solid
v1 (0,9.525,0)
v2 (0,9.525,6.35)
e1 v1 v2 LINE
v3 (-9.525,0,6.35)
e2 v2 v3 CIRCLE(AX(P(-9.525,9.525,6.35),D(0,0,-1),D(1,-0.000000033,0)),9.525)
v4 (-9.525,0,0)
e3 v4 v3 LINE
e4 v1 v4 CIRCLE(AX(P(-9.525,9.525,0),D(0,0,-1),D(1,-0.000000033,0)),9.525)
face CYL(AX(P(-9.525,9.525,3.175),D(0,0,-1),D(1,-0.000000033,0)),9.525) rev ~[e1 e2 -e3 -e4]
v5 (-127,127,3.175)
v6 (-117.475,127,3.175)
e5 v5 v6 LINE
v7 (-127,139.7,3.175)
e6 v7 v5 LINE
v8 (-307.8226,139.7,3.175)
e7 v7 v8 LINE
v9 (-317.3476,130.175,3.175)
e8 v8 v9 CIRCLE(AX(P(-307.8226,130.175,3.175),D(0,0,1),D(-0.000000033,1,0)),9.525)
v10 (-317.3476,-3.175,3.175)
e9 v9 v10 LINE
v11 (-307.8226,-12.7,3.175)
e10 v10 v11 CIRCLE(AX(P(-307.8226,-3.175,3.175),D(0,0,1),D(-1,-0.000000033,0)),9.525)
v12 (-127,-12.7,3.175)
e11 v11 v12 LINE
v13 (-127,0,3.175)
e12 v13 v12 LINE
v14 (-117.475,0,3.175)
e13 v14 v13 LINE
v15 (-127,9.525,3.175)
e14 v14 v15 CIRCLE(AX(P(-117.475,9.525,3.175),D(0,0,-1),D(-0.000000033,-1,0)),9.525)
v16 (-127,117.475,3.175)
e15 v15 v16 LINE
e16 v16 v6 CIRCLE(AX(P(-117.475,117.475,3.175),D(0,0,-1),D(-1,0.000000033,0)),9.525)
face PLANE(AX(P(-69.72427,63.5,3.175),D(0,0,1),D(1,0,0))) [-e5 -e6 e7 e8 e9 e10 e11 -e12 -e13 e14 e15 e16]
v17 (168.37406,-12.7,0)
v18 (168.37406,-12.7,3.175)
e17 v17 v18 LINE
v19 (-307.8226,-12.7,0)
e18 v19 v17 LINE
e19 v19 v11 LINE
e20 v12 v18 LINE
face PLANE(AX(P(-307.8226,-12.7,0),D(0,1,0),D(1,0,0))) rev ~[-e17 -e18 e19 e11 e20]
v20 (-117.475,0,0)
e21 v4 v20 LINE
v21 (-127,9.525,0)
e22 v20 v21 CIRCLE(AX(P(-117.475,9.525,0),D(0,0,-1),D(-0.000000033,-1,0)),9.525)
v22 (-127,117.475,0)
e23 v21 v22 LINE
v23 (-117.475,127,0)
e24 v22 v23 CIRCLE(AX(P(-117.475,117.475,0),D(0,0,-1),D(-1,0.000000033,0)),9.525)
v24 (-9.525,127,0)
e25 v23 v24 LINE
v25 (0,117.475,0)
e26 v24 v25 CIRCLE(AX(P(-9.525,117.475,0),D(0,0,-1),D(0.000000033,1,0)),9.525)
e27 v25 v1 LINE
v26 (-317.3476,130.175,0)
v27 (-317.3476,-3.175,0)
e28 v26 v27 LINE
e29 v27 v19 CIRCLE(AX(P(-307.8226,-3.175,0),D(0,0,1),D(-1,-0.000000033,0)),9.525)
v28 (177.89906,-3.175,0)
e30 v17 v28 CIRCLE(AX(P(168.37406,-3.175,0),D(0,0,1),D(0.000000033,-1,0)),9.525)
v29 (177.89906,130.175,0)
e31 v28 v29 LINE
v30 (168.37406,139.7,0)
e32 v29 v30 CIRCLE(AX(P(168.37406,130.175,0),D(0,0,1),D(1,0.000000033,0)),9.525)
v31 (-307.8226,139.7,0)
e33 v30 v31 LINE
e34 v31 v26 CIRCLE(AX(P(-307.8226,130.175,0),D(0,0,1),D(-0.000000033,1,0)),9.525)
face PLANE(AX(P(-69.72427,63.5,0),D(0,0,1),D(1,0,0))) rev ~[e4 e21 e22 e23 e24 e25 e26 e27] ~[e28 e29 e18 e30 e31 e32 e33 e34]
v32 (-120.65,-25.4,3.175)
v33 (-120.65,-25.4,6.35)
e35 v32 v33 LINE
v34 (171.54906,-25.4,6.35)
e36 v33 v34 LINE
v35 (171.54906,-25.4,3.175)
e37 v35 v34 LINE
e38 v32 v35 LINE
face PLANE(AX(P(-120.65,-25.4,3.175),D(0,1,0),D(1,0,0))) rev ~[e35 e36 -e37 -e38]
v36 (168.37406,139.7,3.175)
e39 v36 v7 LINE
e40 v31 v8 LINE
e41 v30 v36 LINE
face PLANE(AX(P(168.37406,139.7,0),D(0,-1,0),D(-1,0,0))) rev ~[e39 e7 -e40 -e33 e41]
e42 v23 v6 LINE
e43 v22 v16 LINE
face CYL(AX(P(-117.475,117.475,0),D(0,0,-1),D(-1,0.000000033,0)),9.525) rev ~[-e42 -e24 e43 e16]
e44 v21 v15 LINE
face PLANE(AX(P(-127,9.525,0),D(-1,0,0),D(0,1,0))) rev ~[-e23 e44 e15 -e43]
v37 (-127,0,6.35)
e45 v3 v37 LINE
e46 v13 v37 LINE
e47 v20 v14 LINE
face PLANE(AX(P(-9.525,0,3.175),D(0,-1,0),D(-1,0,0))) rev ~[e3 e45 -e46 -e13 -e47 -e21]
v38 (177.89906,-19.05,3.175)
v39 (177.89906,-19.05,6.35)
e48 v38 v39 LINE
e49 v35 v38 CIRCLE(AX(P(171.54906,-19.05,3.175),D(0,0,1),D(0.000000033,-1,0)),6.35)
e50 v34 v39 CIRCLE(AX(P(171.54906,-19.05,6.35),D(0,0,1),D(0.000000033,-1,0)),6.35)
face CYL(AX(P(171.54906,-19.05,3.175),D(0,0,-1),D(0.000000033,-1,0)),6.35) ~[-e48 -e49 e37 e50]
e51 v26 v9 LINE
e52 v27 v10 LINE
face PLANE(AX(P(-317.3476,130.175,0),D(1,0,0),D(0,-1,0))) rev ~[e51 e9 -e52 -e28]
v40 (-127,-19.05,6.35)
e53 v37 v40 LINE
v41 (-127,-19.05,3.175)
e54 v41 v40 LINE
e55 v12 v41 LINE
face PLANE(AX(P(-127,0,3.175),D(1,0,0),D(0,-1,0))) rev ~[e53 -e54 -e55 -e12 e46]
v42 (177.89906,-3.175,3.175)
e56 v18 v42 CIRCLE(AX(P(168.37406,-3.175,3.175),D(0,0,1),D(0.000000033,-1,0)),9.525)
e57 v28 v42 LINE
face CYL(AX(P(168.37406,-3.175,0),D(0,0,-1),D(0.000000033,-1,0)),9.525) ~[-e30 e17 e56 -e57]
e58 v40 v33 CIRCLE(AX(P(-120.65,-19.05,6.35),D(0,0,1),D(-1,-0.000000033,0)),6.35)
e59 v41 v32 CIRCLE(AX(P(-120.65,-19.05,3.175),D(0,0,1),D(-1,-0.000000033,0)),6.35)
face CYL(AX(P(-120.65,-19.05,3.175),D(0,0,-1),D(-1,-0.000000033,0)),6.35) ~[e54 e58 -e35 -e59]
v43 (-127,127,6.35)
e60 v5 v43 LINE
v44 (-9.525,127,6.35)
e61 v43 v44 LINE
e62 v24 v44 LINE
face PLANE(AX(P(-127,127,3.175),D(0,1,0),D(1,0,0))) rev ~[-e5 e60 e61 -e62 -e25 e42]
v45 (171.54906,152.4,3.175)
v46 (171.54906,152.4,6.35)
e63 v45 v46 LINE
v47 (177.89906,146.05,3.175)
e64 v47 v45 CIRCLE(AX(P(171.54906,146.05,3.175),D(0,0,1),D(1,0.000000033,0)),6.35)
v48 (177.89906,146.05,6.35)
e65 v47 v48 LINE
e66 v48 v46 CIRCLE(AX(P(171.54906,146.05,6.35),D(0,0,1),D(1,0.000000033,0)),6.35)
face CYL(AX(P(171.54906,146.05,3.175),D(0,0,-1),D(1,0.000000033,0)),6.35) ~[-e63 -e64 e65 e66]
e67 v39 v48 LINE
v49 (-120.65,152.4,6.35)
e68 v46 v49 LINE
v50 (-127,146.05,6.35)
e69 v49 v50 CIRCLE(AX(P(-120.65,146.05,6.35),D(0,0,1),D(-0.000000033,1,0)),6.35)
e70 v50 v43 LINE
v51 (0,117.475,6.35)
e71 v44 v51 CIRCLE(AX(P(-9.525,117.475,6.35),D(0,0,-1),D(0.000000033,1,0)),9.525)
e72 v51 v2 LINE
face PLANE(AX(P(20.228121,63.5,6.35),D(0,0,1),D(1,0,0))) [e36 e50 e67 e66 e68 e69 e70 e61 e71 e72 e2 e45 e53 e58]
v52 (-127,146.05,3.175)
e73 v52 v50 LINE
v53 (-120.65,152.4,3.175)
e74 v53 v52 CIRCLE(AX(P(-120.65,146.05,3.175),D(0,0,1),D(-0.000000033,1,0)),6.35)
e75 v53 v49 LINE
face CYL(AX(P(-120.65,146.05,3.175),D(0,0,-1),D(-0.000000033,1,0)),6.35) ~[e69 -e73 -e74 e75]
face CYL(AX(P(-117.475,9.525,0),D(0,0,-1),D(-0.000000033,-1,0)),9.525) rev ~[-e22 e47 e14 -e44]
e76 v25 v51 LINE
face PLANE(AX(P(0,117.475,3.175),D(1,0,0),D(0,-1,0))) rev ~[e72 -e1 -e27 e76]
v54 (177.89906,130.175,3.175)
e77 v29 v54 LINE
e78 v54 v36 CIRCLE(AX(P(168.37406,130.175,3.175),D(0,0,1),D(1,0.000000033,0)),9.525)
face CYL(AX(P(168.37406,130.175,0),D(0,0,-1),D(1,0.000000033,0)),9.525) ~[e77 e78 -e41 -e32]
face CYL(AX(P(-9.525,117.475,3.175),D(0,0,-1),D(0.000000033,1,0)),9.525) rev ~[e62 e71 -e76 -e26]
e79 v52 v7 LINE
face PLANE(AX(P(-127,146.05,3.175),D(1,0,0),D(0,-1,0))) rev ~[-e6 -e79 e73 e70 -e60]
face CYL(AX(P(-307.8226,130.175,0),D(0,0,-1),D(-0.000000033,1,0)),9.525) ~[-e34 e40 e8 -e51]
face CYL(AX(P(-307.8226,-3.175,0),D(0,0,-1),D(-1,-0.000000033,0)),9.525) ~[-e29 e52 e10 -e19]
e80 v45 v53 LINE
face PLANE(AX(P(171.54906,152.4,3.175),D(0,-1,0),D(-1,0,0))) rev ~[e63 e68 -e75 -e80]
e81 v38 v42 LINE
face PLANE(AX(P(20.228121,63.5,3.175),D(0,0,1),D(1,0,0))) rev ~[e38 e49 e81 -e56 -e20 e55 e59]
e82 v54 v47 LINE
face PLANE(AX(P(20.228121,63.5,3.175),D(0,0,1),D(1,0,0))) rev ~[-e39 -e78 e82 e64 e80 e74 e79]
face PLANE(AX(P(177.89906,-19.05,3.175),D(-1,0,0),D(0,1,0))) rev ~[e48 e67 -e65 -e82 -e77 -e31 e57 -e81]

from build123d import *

# Parameters (mm, degrees)
F1_DEPTH = 3.175
F3_DEPTH = 3.175


with BuildPart() as f1:
    # F0 (on Top) → F1 (new body)
    with BuildSketch(Plane.XY):
        with BuildLine():
            Line((168.37406, 139.7), (-307.8226, 139.7))
            ThreePointArc((-307.8226, 139.7), (-314.557792, 136.910192), (-317.3476, 130.175))
            Line((-317.3476, 130.175), (-317.3476, -3.175))
            ThreePointArc((-317.3476, -3.175), (-314.557792, -9.910192), (-307.8226, -12.7))
            Line((-307.8226, -12.7), (168.37406, -12.7))
            ThreePointArc((168.37406, -12.7), (175.109252, -9.910192), (177.89906, -3.175))
            Line((177.89906, -3.175), (177.89906, 130.175))
            ThreePointArc((177.89906, 130.175), (175.109252, 136.910192), (168.37406, 139.7))
        make_face()
        with BuildLine():
            ThreePointArc((0, 9.525), (-2.789808, 2.789808), (-9.525, 0))
            Line((-9.525, 0), (-117.475, 0))
            ThreePointArc((-117.475, 0), (-124.210192, 2.789808), (-127, 9.525))
            Line((-127, 9.525), (-127, 117.475))
            ThreePointArc((-127, 117.475), (-124.210192, 124.210192), (-117.475, 127))
            Line((-117.475, 127), (-9.525, 127))
            ThreePointArc((-9.525, 127), (-2.789808, 124.210192), (0, 117.475))
            Line((0, 117.475), (0, 9.525))
        make_face(mode=Mode.SUBTRACT)
    extrude(amount=F1_DEPTH)

    # F2 (on face) → F3 (join)
    with BuildSketch(Plane.XY.offset(3.175)):
        with BuildLine():
            Line((171.54906, 152.4), (-120.65, 152.4))
            ThreePointArc((-120.65, 152.4), (-125.140128, 150.540128), (-127, 146.05))
            Line((-127, 146.05), (-127, 127))
            Line((-127, 127), (-9.525, 127))
            ThreePointArc((-9.525, 127), (-2.789808, 124.210192), (0, 117.475))
            Line((0, 117.475), (0, 9.525))
            ThreePointArc((0, 9.525), (-2.789808, 2.789808), (-9.525, 0))
            Line((-9.525, 0), (-127, 0))
            Line((-127, 0), (-127, -19.05))
            ThreePointArc((-127, -19.05), (-125.140128, -23.540128), (-120.65, -25.4))
            Line((-120.65, -25.4), (171.54906, -25.4))
            ThreePointArc((171.54906, -25.4), (176.039188, -23.540128), (177.89906, -19.05))
            Line((177.89906, -19.05), (177.89906, 146.05))
            ThreePointArc((177.89906, 146.05), (176.039188, 150.540128), (171.54906, 152.4))
        make_face()
    extrude(amount=F3_DEPTH)


solid = f1.part
